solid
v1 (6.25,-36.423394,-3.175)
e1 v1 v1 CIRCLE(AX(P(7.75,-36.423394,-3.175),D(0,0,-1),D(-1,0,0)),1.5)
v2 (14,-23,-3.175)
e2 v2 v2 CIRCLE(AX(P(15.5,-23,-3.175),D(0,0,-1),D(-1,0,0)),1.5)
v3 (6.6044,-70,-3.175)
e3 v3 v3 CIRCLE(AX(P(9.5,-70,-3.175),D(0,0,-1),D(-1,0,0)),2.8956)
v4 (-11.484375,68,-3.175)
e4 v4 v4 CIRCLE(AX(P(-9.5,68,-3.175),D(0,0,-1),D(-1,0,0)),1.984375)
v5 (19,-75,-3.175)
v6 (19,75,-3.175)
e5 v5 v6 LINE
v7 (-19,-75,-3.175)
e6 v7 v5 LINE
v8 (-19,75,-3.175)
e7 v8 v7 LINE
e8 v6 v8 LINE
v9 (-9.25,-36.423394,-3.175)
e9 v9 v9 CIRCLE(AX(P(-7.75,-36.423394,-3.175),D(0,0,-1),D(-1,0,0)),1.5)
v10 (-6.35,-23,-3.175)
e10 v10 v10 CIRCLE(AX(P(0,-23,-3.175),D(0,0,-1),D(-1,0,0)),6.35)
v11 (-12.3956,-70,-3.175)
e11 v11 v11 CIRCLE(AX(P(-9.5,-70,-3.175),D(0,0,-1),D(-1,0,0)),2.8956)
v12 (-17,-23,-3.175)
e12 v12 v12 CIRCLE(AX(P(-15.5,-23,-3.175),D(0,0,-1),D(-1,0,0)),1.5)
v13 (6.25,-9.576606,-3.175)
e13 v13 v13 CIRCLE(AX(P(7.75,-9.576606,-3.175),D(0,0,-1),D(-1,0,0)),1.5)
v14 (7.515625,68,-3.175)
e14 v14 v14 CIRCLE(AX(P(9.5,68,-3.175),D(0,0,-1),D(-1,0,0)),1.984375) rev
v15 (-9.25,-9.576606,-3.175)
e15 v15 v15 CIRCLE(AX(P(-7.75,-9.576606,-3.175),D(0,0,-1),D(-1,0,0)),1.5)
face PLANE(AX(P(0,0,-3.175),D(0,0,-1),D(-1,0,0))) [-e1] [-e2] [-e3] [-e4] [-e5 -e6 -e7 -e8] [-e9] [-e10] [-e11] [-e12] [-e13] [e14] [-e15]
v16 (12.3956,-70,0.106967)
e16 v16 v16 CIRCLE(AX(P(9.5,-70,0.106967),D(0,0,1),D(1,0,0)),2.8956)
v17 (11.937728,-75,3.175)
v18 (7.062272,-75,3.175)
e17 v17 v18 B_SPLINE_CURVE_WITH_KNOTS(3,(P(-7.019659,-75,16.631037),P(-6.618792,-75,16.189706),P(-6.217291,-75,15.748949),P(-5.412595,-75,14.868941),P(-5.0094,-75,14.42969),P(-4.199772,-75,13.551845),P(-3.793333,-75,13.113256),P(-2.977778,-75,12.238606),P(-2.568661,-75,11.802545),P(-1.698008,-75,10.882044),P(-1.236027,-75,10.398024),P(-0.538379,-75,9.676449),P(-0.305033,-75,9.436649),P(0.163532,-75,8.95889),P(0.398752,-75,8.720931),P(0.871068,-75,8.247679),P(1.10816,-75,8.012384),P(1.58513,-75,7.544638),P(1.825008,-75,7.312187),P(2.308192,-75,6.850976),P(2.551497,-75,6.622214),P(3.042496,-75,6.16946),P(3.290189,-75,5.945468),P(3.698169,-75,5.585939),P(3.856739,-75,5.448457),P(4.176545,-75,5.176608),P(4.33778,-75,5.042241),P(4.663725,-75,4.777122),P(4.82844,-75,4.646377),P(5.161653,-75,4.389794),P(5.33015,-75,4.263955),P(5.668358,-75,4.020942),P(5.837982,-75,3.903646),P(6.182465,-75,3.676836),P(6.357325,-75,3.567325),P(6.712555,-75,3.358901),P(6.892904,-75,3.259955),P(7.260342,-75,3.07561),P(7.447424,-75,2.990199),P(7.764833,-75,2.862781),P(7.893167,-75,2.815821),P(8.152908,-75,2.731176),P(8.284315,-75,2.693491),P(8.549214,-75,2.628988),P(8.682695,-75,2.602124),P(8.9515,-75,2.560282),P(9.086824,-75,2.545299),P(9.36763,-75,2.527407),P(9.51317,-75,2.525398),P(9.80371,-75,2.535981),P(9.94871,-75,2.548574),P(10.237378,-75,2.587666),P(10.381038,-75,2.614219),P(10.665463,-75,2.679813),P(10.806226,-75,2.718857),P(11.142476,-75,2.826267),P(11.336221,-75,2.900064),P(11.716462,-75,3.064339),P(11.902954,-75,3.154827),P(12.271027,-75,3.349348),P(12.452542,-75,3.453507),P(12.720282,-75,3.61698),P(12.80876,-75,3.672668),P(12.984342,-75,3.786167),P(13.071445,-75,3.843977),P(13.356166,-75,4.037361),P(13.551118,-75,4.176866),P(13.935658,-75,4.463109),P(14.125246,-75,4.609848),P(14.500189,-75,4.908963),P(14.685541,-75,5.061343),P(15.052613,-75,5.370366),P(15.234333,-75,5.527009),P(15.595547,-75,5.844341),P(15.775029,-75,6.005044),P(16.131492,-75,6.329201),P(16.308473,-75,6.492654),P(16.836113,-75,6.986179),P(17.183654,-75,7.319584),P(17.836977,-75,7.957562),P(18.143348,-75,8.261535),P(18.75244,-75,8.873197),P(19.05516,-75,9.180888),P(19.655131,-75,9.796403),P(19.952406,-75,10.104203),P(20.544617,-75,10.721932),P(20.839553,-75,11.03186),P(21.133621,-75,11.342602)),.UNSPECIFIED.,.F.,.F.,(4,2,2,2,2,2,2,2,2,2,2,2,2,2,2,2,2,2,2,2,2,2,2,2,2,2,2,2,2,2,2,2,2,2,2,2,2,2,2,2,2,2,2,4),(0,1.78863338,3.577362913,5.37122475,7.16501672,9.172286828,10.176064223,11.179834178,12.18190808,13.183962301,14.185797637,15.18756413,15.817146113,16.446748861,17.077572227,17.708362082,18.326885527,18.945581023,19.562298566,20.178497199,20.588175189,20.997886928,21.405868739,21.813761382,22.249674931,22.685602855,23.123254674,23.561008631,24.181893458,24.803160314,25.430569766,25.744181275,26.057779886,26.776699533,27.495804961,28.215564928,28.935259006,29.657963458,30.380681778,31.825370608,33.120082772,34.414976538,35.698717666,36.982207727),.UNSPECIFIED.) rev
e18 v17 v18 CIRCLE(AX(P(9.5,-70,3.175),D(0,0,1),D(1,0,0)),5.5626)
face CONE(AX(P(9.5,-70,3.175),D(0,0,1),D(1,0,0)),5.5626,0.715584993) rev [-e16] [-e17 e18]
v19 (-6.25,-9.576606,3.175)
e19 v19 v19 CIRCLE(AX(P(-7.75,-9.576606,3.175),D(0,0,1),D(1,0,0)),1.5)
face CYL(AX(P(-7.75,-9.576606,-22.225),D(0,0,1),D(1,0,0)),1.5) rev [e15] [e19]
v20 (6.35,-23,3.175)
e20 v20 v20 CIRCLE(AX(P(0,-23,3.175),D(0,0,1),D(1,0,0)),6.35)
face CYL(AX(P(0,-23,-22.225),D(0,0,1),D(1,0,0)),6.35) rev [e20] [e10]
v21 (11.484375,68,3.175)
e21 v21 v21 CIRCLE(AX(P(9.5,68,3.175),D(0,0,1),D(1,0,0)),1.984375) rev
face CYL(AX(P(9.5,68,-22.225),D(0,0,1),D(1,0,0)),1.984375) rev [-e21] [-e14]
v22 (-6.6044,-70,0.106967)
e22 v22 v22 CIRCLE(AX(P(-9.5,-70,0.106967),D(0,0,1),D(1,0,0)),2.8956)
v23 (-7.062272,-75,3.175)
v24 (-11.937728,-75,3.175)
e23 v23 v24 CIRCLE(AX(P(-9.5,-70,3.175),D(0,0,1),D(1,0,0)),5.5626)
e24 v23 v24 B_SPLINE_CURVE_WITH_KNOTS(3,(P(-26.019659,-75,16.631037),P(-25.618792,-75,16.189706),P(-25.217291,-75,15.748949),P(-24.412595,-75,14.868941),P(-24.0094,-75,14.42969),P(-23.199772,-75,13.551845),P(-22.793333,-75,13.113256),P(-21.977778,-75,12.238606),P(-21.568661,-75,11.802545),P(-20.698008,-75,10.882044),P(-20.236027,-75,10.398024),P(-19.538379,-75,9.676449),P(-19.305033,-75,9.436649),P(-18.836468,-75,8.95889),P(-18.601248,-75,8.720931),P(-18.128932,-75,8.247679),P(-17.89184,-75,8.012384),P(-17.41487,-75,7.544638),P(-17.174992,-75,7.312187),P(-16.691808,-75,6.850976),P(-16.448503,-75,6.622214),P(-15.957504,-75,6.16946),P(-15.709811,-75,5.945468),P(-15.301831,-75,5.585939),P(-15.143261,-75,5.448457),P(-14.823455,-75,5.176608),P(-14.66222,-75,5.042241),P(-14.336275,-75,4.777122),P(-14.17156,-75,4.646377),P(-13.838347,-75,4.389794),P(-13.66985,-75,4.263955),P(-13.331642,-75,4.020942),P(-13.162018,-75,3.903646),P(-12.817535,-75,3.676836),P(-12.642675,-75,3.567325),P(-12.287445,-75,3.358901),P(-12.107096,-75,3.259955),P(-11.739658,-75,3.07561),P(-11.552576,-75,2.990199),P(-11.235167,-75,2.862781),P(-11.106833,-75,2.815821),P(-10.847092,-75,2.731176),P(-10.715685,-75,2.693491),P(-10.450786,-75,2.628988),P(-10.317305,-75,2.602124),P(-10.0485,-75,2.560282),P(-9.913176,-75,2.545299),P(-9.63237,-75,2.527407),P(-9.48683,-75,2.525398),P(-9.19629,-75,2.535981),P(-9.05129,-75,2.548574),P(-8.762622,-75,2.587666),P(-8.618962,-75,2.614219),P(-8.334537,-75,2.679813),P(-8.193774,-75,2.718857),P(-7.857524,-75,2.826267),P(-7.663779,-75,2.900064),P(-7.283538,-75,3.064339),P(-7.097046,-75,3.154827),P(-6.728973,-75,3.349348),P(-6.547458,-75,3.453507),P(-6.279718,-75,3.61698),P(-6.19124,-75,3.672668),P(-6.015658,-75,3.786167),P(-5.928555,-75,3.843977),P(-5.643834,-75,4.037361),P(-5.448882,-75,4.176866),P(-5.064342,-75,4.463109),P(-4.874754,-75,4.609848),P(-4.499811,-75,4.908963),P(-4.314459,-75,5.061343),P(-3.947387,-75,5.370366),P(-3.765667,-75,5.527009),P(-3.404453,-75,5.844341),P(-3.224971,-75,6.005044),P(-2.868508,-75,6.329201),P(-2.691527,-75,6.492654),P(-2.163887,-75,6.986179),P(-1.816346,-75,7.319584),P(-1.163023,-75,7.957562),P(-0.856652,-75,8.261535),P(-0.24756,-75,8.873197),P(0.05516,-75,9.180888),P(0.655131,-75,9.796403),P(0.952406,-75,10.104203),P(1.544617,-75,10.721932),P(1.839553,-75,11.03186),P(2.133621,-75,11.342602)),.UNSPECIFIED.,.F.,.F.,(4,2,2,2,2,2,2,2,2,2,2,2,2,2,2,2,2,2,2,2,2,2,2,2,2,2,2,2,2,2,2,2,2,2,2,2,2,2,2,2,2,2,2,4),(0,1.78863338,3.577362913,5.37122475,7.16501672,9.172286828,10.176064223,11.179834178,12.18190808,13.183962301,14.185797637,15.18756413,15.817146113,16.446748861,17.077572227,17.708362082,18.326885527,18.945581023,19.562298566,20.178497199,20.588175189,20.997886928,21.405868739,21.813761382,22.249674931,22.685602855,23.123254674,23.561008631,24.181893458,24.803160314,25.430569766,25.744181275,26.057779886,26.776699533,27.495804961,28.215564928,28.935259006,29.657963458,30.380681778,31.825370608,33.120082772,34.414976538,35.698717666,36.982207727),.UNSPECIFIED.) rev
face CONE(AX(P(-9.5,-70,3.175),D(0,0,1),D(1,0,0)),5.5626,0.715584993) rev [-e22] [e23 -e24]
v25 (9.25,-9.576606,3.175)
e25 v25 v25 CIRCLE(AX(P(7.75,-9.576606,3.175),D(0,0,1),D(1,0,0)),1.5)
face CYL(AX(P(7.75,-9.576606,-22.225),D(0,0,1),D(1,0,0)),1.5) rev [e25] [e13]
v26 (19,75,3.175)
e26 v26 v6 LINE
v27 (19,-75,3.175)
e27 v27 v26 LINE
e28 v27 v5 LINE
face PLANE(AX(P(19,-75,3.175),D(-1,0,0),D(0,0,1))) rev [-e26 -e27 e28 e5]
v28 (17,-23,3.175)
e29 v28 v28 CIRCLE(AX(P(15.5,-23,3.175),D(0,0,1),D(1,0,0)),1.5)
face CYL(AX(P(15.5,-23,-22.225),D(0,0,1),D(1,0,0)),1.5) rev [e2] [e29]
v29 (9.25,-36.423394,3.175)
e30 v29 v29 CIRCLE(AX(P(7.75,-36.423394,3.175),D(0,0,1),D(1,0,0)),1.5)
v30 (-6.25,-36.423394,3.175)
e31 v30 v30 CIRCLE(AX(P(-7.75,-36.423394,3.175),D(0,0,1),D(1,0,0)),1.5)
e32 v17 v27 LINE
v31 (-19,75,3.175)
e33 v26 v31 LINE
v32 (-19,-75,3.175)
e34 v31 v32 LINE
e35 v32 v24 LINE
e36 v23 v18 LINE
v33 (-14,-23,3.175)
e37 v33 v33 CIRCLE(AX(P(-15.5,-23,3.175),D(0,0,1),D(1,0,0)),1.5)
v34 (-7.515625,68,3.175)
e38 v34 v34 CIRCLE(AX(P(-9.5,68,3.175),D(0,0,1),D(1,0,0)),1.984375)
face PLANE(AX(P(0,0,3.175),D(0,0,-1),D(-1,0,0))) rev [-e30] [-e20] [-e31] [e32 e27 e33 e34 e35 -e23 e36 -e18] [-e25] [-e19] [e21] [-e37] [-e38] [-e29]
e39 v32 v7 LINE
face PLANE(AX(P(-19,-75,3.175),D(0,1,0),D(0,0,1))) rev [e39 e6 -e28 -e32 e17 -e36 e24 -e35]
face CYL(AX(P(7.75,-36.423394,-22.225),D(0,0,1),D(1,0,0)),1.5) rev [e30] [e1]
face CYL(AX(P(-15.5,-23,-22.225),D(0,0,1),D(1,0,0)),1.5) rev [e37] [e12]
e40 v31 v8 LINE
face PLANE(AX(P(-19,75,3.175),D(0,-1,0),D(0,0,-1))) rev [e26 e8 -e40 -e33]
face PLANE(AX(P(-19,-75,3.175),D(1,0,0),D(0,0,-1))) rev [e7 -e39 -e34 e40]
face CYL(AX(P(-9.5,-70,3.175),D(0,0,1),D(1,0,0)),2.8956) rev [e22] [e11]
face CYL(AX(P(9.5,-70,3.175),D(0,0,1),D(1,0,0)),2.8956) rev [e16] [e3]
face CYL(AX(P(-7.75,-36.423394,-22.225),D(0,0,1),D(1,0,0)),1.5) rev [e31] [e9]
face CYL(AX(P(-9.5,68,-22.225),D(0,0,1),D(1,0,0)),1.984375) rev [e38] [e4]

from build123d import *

# Parameters (mm, degrees)
CROQUIS1_W                                           = 38
CROQUIS1_H                                           = 150
SALIENTE_EXTRUIR1_DEPTH                              = 3.175
CROQUIS3_R                                           = 6.35
CROQUIS3_R_2                                         = 1.5
CORTAR_EXTRUIR2_DEPTH                                = 25.4
AVELLANADO_PARA_TORNILLO_CON_CABEZA_OVAL_D           = 5.7912
AVELLANADO_PARA_TORNILLO_CON_CABEZA_OVAL_DEPTH       = 20
AVELLANADO_PARA_TORNILLO_CON_CABEZA_OVAL_CSINK_D     = 11.1252
AVELLANADO_PARA_TORNILLO_CON_CABEZA_OVAL_CSINK_ANGLE = 82
AVELLANADO_PARA_TORNILLO_CON_CABEZA_OVAL_TIP         = 1.739852008
CROQUIS7_R                                           = 1.984375
CORTAR_EXTRUIR3_DEPTH                                = 25.4


with BuildPart() as part:
    # Croquis1 → Saliente-Extruir1 (new, symmetric)
    with BuildSketch(Plane.XY):
        Rectangle(CROQUIS1_W, CROQUIS1_H)
    extrude(amount=SALIENTE_EXTRUIR1_DEPTH, both=True)

    # Croquis3 → Cortar-Extruir2 (cut)
    with BuildSketch(Plane.XY.offset(3.175)):
        with Locations((0, -23)):
            Circle(CROQUIS3_R)
        with Locations((-15.5, -23)):
            Circle(CROQUIS3_R_2)
        with Locations((-7.75, -9.576606241)):
            Circle(CROQUIS3_R_2)
        with Locations((7.75, -9.576606241)):
            Circle(CROQUIS3_R_2)
        with Locations((15.5, -23)):
            Circle(CROQUIS3_R_2)
        with Locations((7.75, -36.423393759)):
            Circle(CROQUIS3_R_2)
        with Locations((-7.75, -36.423393759)):
            Circle(CROQUIS3_R_2)
    extrude(amount=-CORTAR_EXTRUIR2_DEPTH, mode=Mode.SUBTRACT)

    # Avellanado para tornillo con cabeza ovalada de #121
    with Locations(Plane(origin=(-9.5, -70, 3.175), x_dir=(1, 0, 0), z_dir=(0, 0, 1))):
        with Locations((0, 0), (19, 0)):
            CounterSinkHole(AVELLANADO_PARA_TORNILLO_CON_CABEZA_OVAL_D / 2, AVELLANADO_PARA_TORNILLO_CON_CABEZA_OVAL_CSINK_D / 2, depth=AVELLANADO_PARA_TORNILLO_CON_CABEZA_OVAL_DEPTH, counter_sink_angle=AVELLANADO_PARA_TORNILLO_CON_CABEZA_OVAL_CSINK_ANGLE)
            with Locations((0, 0, -(AVELLANADO_PARA_TORNILLO_CON_CABEZA_OVAL_DEPTH + AVELLANADO_PARA_TORNILLO_CON_CABEZA_OVAL_TIP / 2))):  # 118° drill point
                Cone(0, AVELLANADO_PARA_TORNILLO_CON_CABEZA_OVAL_D / 2, AVELLANADO_PARA_TORNILLO_CON_CABEZA_OVAL_TIP, mode=Mode.SUBTRACT)

    # Croquis7 → Cortar-Extruir3 (cut)
    with BuildSketch(Plane.XY.offset(3.175)):
        with Locations((9.5, 68)):
            Circle(CROQUIS7_R)
        with Locations((-9.5, 68)):
            Circle(CROQUIS7_R)
    extrude(amount=-CORTAR_EXTRUIR3_DEPTH, mode=Mode.SUBTRACT)


solid = part.part
